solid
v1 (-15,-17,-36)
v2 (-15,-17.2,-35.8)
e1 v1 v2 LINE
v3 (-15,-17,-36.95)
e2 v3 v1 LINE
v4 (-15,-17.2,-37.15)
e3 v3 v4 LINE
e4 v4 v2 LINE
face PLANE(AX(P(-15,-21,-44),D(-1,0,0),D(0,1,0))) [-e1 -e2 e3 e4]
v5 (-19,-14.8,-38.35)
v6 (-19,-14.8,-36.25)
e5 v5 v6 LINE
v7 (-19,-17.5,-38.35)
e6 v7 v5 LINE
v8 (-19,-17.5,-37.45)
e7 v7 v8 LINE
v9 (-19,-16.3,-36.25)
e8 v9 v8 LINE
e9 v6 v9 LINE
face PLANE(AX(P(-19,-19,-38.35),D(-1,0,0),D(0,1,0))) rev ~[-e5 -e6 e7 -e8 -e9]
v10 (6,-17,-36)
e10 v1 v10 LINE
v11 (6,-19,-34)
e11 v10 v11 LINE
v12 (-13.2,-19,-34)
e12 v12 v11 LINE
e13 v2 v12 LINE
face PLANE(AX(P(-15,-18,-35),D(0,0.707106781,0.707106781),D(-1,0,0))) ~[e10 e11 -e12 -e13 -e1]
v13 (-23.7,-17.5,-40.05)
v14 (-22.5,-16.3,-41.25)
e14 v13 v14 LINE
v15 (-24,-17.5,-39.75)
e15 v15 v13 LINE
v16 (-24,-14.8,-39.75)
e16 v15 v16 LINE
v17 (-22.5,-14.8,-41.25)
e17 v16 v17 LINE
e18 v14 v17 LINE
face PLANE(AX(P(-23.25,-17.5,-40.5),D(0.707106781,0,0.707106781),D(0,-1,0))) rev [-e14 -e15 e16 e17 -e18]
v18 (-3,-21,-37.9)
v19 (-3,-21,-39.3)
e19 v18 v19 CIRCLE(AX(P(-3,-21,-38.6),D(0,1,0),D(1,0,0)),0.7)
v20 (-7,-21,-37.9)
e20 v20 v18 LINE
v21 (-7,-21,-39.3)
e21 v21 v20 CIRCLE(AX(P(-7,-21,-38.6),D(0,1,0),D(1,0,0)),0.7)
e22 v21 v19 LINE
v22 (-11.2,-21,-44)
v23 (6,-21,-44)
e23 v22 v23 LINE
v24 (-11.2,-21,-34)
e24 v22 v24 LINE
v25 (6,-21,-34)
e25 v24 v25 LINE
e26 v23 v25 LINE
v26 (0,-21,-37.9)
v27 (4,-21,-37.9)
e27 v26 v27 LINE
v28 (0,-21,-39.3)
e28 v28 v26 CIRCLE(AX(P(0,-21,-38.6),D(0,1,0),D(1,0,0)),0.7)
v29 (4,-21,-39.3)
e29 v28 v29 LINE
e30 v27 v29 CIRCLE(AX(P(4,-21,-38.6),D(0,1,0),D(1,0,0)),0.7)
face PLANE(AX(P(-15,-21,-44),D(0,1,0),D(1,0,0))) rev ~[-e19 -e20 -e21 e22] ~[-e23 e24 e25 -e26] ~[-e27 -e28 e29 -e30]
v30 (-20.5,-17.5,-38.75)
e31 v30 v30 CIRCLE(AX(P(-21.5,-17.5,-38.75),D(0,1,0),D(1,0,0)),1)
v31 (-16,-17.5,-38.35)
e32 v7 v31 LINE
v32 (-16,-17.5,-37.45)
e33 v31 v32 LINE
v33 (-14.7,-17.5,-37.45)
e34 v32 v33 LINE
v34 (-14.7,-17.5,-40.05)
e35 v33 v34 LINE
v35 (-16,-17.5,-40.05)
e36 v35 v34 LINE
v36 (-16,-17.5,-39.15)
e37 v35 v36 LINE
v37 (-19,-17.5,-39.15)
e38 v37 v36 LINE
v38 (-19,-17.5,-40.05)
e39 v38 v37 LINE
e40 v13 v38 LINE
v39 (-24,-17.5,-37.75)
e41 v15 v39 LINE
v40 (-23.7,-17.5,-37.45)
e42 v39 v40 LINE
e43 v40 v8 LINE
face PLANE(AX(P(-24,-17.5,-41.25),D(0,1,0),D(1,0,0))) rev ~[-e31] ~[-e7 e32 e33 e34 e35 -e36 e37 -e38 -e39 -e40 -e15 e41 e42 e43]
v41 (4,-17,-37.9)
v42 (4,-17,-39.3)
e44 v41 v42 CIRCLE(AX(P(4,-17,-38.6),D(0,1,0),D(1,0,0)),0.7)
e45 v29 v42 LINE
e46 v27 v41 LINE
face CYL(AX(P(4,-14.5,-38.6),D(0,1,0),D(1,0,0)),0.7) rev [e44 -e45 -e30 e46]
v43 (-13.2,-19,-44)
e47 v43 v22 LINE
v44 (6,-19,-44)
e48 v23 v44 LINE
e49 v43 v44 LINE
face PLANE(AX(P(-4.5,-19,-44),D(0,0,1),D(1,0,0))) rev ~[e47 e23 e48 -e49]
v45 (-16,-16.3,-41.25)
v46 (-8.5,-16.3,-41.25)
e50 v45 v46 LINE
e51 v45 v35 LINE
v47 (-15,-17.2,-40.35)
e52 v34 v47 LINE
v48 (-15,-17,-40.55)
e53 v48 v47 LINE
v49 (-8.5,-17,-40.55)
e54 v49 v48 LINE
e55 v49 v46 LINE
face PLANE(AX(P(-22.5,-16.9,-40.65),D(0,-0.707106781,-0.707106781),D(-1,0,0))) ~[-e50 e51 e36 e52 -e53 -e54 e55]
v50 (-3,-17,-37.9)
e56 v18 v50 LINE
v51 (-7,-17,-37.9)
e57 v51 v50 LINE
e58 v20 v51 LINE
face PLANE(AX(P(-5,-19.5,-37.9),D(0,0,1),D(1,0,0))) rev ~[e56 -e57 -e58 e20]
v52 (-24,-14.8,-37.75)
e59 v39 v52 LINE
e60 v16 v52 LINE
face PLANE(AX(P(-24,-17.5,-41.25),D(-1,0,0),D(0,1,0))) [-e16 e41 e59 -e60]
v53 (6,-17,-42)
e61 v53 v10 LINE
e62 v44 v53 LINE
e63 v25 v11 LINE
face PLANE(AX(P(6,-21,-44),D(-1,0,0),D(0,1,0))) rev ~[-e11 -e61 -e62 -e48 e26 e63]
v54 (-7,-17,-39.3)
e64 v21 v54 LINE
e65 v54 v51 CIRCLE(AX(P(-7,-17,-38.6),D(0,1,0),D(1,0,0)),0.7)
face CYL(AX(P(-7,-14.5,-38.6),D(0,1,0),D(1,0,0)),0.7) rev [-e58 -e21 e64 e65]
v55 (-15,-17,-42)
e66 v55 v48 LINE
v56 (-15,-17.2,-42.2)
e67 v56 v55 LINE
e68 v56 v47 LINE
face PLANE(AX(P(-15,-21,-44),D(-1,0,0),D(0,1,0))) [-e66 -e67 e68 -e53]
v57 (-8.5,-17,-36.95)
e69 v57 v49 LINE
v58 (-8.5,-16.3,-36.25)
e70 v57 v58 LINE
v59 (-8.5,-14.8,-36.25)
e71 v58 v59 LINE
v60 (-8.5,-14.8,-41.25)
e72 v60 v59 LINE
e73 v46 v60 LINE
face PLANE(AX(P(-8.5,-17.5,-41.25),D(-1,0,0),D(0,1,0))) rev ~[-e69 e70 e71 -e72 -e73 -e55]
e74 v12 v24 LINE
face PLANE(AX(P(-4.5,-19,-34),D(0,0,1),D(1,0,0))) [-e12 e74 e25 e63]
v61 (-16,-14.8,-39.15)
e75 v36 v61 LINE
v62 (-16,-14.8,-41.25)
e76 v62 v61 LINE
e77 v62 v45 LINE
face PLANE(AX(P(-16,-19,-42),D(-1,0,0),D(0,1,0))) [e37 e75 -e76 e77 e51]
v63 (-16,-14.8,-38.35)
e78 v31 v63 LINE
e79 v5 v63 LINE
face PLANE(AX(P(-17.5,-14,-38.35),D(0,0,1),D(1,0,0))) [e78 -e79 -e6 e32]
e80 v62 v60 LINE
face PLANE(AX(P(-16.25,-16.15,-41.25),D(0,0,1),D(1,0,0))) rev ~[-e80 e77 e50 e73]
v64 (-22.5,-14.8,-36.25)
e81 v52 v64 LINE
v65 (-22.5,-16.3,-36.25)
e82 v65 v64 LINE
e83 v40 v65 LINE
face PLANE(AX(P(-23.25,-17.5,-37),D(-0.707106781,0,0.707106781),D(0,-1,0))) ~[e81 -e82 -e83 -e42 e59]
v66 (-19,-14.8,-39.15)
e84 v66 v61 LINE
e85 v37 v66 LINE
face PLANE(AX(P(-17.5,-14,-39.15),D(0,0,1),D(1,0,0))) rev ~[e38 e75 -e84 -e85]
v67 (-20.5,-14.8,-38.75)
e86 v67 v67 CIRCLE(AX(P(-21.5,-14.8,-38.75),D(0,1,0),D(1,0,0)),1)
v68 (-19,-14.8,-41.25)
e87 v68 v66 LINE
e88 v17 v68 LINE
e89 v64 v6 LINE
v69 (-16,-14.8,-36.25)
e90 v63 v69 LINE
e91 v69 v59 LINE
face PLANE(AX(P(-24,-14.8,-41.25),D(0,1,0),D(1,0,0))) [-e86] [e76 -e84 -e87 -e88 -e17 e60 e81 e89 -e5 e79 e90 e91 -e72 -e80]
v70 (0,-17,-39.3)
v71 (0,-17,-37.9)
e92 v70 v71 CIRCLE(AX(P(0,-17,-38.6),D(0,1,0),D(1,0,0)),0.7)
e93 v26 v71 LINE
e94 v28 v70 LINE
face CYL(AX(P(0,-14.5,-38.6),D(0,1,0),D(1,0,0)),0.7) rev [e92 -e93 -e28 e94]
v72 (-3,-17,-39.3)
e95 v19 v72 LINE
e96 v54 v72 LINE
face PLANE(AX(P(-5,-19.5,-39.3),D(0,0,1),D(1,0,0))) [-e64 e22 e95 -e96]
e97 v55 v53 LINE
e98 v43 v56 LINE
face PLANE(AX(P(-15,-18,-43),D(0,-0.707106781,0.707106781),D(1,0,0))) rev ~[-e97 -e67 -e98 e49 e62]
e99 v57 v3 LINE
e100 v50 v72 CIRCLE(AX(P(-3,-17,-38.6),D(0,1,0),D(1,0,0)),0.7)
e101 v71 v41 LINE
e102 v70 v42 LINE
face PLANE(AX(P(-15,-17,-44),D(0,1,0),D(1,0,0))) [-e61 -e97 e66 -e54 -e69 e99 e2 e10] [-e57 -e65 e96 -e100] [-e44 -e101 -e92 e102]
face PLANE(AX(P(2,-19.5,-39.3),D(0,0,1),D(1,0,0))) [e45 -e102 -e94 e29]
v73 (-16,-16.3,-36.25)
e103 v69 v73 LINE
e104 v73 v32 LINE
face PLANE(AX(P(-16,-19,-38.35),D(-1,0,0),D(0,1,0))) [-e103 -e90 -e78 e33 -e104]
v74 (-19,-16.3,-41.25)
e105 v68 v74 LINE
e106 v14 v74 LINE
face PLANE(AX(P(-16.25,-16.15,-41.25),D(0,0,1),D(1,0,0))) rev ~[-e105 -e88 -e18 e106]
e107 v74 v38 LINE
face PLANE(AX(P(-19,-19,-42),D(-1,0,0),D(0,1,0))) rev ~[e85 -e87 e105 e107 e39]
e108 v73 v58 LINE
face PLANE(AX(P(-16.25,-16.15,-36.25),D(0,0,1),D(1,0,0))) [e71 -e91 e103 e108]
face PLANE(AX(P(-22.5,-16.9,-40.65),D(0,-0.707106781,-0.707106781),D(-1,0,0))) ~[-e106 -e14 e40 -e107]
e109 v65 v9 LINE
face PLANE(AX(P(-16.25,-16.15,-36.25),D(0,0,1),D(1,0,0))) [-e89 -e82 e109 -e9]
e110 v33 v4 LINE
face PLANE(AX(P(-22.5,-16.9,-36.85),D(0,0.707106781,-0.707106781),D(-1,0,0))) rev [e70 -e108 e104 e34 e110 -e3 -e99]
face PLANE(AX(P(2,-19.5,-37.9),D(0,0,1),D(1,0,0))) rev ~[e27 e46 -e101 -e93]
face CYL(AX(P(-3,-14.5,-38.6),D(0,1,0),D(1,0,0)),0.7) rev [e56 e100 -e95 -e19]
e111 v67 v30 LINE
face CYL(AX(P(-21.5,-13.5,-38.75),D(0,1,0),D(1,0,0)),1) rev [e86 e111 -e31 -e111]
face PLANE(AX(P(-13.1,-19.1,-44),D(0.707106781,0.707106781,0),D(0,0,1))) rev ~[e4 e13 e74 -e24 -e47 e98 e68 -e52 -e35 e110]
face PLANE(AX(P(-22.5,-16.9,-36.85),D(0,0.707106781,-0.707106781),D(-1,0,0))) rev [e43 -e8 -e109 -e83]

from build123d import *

# Parameters (mm, degrees)
BOX013_W               = 3
BOX013_H               = 10
BOX013_DEPTH           = 2.85
BOX014_W               = 3
BOX014_H               = 10
BOX014_DEPTH           = 3.25
BOX012_W               = 4
BOX012_H               = 10
BOX012_DEPTH           = 1.4
CYLINDER012_R          = 0.7
CYLINDER012_DEPTH      = 10
CYLINDER012_ROLL_ANGLE = 90
CYLINDER013_R          = 0.7
CYLINDER013_DEPTH      = 10
CYLINDER013_ROLL_ANGLE = 90
BOX011_W               = 21
BOX011_H               = 4
BOX011_DEPTH           = 10
CHAMFER003_SIZE        = 3.8
CYLINDER014_R          = 1
CYLINDER014_DEPTH      = 5
CYLINDER014_ROLL_ANGLE = 90
BOX010_W               = 15.5
BOX010_H               = 2.7
BOX010_DEPTH           = 5
CHAMFER001_SIZE        = 1.5
CHAMFER002_SIZE        = 1.2
CHAMFER005_SIZE        = 2


with BuildPart() as cube008:
    # Box013 → Box013 (new body)
    with BuildSketch(Plane(origin=(-19, -19, -42), x_dir=(1, 0, 0), z_dir=(0, 0, 1))):
        with Locations((1.5, 5)):
            Rectangle(BOX013_W, BOX013_H)
    extrude(amount=BOX013_DEPTH)


with BuildPart() as fusion007008:
    # Box014 → Box014 (new body)
    with BuildSketch(Plane(origin=(-19, -19, -38.35), x_dir=(1, 0, 0), z_dir=(0, 0, 1))):
        with Locations((1.5, 5)):
            Rectangle(BOX014_W, BOX014_H)
    extrude(amount=BOX014_DEPTH)

    # Fusion007008: union Cube008
    add(cube008.part)


with BuildPart() as cube007:
    # Box012 → Box012 (new body)
    with BuildSketch(Plane(origin=(-7, -24.5, -39.3), x_dir=(1, 0, 0), z_dir=(0, 0, 1))):
        with Locations((2, 5)):
            Rectangle(BOX012_W, BOX012_H)
    extrude(amount=BOX012_DEPTH)


with BuildPart() as cylinder003:
    # Cylinder012 → Cylinder012 (new body)
    with BuildSketch(Plane.XY):
        Circle(CYLINDER012_R)
    extrude(amount=CYLINDER012_DEPTH)


with BuildPart() as cylinder003_1:
    # Cylinder012 roll: moved
    add(cylinder003.part.rotate(Axis((0, 0, 0), (1, 0, 0)), CYLINDER012_ROLL_ANGLE))


with BuildPart() as cylinder003_2:
    # Cylinder012 placement: moved
    add(cylinder003_1.part.moved(Location((-3, -14.5, -38.6))))


with BuildPart() as cylinder004:
    # Cylinder013 → Cylinder013 (new body)
    with BuildSketch(Plane.XY):
        Circle(CYLINDER013_R)
    extrude(amount=CYLINDER013_DEPTH)


with BuildPart() as cylinder004_1:
    # Cylinder013 roll: moved
    add(cylinder004.part.rotate(Axis((0, 0, 0), (1, 0, 0)), CYLINDER013_ROLL_ANGLE))


with BuildPart() as cylinder004_2:
    # Cylinder013 placement: moved
    add(cylinder004_1.part.moved(Location((-7, -14.5, -38.6))))


with BuildPart() as fusion007005:
    # Fusion007005 base: copy of Cylinder004
    add(cylinder004_2.part)

    # Fusion007005: union Cube007, Cylinder003
    add(cube007.part)
    add(cylinder003_2.part)


with BuildPart() as fusion007005_1:
    # Fusion007005 placement: moved
    add(fusion007005.part.moved(Location((7, 0, 0))))


with BuildPart() as fusion007006:
    # Fusion007006 base: copy of Cylinder004
    add(cylinder004_2.part)

    # Fusion007006: union Cube007, Cylinder003
    add(cube007.part)
    add(cylinder003_2.part)


with BuildPart() as chamfer003:
    # Box011 → Box011 (new body)
    with BuildSketch(Plane(origin=(-15, -21, -44), x_dir=(1, 0, 0), z_dir=(0, 0, 1))):
        with Locations((10.5, 2)):
            Rectangle(BOX011_W, BOX011_H)
    extrude(amount=BOX011_DEPTH)

    # Cut007: cut Fusion007006
    add(fusion007006.part, mode=Mode.SUBTRACT)

    # Cut008: cut Fusion007005
    add(fusion007005_1.part, mode=Mode.SUBTRACT)

    # Chamfer003
    chamfer003_edges = [chamfer003.edges().sort_by_distance(p)[0] for p in [
        (-15, -21, -39),
    ]]
    chamfer(chamfer003_edges, length=CHAMFER003_SIZE)


with BuildPart() as cylinder005:
    # Cylinder014 → Cylinder014 (new body)
    with BuildSketch(Plane.XY):
        Circle(CYLINDER014_R)
    extrude(amount=CYLINDER014_DEPTH)


with BuildPart() as cylinder005_1:
    # Cylinder014 roll: moved
    add(cylinder005.part.rotate(Axis((0, 0, 0), (1, 0, 0)), CYLINDER014_ROLL_ANGLE))


with BuildPart() as cylinder005_2:
    # Cylinder014 placement: moved
    add(cylinder005_1.part.moved(Location((-21.5, -13.5, -38.75))))


with BuildPart() as final_connectingrod:
    # Box010 → Box010 (new body)
    with BuildSketch(Plane(origin=(-24, -17.5, -41.25), x_dir=(1, 0, 0), z_dir=(0, 0, 1))):
        with Locations((7.75, 1.35)):
            Rectangle(BOX010_W, BOX010_H)
    extrude(amount=BOX010_DEPTH)

    # Cut009: cut Cylinder005
    add(cylinder005_2.part, mode=Mode.SUBTRACT)

    # Chamfer001
    chamfer001_edges = [final_connectingrod.edges().sort_by_distance(p)[0] for p in [
        (-24, -16.15, -36.25),
        (-24, -16.15, -41.25),
    ]]
    chamfer(chamfer001_edges, length=CHAMFER001_SIZE)

    # Chamfer002
    chamfer002_edges = [final_connectingrod.edges().sort_by_distance(p)[0] for p in [
        (-15.5, -17.5, -41.25),
        (-15.5, -17.5, -36.25),
    ]]
    chamfer(chamfer002_edges, length=CHAMFER002_SIZE)

    # Fusion007007: union Chamfer003
    add(chamfer003.part)

    # Chamfer005
    chamfer005_edges = [final_connectingrod.edges().sort_by_distance(p)[0] for p in [
        (-4.5, -17, -34),
        (-4.5, -17, -44),
    ]]
    chamfer(chamfer005_edges, length=CHAMFER005_SIZE)

    # Cut010: cut Fusion007008
    add(fusion007008.part, mode=Mode.SUBTRACT)


solid = final_connectingrod.part
